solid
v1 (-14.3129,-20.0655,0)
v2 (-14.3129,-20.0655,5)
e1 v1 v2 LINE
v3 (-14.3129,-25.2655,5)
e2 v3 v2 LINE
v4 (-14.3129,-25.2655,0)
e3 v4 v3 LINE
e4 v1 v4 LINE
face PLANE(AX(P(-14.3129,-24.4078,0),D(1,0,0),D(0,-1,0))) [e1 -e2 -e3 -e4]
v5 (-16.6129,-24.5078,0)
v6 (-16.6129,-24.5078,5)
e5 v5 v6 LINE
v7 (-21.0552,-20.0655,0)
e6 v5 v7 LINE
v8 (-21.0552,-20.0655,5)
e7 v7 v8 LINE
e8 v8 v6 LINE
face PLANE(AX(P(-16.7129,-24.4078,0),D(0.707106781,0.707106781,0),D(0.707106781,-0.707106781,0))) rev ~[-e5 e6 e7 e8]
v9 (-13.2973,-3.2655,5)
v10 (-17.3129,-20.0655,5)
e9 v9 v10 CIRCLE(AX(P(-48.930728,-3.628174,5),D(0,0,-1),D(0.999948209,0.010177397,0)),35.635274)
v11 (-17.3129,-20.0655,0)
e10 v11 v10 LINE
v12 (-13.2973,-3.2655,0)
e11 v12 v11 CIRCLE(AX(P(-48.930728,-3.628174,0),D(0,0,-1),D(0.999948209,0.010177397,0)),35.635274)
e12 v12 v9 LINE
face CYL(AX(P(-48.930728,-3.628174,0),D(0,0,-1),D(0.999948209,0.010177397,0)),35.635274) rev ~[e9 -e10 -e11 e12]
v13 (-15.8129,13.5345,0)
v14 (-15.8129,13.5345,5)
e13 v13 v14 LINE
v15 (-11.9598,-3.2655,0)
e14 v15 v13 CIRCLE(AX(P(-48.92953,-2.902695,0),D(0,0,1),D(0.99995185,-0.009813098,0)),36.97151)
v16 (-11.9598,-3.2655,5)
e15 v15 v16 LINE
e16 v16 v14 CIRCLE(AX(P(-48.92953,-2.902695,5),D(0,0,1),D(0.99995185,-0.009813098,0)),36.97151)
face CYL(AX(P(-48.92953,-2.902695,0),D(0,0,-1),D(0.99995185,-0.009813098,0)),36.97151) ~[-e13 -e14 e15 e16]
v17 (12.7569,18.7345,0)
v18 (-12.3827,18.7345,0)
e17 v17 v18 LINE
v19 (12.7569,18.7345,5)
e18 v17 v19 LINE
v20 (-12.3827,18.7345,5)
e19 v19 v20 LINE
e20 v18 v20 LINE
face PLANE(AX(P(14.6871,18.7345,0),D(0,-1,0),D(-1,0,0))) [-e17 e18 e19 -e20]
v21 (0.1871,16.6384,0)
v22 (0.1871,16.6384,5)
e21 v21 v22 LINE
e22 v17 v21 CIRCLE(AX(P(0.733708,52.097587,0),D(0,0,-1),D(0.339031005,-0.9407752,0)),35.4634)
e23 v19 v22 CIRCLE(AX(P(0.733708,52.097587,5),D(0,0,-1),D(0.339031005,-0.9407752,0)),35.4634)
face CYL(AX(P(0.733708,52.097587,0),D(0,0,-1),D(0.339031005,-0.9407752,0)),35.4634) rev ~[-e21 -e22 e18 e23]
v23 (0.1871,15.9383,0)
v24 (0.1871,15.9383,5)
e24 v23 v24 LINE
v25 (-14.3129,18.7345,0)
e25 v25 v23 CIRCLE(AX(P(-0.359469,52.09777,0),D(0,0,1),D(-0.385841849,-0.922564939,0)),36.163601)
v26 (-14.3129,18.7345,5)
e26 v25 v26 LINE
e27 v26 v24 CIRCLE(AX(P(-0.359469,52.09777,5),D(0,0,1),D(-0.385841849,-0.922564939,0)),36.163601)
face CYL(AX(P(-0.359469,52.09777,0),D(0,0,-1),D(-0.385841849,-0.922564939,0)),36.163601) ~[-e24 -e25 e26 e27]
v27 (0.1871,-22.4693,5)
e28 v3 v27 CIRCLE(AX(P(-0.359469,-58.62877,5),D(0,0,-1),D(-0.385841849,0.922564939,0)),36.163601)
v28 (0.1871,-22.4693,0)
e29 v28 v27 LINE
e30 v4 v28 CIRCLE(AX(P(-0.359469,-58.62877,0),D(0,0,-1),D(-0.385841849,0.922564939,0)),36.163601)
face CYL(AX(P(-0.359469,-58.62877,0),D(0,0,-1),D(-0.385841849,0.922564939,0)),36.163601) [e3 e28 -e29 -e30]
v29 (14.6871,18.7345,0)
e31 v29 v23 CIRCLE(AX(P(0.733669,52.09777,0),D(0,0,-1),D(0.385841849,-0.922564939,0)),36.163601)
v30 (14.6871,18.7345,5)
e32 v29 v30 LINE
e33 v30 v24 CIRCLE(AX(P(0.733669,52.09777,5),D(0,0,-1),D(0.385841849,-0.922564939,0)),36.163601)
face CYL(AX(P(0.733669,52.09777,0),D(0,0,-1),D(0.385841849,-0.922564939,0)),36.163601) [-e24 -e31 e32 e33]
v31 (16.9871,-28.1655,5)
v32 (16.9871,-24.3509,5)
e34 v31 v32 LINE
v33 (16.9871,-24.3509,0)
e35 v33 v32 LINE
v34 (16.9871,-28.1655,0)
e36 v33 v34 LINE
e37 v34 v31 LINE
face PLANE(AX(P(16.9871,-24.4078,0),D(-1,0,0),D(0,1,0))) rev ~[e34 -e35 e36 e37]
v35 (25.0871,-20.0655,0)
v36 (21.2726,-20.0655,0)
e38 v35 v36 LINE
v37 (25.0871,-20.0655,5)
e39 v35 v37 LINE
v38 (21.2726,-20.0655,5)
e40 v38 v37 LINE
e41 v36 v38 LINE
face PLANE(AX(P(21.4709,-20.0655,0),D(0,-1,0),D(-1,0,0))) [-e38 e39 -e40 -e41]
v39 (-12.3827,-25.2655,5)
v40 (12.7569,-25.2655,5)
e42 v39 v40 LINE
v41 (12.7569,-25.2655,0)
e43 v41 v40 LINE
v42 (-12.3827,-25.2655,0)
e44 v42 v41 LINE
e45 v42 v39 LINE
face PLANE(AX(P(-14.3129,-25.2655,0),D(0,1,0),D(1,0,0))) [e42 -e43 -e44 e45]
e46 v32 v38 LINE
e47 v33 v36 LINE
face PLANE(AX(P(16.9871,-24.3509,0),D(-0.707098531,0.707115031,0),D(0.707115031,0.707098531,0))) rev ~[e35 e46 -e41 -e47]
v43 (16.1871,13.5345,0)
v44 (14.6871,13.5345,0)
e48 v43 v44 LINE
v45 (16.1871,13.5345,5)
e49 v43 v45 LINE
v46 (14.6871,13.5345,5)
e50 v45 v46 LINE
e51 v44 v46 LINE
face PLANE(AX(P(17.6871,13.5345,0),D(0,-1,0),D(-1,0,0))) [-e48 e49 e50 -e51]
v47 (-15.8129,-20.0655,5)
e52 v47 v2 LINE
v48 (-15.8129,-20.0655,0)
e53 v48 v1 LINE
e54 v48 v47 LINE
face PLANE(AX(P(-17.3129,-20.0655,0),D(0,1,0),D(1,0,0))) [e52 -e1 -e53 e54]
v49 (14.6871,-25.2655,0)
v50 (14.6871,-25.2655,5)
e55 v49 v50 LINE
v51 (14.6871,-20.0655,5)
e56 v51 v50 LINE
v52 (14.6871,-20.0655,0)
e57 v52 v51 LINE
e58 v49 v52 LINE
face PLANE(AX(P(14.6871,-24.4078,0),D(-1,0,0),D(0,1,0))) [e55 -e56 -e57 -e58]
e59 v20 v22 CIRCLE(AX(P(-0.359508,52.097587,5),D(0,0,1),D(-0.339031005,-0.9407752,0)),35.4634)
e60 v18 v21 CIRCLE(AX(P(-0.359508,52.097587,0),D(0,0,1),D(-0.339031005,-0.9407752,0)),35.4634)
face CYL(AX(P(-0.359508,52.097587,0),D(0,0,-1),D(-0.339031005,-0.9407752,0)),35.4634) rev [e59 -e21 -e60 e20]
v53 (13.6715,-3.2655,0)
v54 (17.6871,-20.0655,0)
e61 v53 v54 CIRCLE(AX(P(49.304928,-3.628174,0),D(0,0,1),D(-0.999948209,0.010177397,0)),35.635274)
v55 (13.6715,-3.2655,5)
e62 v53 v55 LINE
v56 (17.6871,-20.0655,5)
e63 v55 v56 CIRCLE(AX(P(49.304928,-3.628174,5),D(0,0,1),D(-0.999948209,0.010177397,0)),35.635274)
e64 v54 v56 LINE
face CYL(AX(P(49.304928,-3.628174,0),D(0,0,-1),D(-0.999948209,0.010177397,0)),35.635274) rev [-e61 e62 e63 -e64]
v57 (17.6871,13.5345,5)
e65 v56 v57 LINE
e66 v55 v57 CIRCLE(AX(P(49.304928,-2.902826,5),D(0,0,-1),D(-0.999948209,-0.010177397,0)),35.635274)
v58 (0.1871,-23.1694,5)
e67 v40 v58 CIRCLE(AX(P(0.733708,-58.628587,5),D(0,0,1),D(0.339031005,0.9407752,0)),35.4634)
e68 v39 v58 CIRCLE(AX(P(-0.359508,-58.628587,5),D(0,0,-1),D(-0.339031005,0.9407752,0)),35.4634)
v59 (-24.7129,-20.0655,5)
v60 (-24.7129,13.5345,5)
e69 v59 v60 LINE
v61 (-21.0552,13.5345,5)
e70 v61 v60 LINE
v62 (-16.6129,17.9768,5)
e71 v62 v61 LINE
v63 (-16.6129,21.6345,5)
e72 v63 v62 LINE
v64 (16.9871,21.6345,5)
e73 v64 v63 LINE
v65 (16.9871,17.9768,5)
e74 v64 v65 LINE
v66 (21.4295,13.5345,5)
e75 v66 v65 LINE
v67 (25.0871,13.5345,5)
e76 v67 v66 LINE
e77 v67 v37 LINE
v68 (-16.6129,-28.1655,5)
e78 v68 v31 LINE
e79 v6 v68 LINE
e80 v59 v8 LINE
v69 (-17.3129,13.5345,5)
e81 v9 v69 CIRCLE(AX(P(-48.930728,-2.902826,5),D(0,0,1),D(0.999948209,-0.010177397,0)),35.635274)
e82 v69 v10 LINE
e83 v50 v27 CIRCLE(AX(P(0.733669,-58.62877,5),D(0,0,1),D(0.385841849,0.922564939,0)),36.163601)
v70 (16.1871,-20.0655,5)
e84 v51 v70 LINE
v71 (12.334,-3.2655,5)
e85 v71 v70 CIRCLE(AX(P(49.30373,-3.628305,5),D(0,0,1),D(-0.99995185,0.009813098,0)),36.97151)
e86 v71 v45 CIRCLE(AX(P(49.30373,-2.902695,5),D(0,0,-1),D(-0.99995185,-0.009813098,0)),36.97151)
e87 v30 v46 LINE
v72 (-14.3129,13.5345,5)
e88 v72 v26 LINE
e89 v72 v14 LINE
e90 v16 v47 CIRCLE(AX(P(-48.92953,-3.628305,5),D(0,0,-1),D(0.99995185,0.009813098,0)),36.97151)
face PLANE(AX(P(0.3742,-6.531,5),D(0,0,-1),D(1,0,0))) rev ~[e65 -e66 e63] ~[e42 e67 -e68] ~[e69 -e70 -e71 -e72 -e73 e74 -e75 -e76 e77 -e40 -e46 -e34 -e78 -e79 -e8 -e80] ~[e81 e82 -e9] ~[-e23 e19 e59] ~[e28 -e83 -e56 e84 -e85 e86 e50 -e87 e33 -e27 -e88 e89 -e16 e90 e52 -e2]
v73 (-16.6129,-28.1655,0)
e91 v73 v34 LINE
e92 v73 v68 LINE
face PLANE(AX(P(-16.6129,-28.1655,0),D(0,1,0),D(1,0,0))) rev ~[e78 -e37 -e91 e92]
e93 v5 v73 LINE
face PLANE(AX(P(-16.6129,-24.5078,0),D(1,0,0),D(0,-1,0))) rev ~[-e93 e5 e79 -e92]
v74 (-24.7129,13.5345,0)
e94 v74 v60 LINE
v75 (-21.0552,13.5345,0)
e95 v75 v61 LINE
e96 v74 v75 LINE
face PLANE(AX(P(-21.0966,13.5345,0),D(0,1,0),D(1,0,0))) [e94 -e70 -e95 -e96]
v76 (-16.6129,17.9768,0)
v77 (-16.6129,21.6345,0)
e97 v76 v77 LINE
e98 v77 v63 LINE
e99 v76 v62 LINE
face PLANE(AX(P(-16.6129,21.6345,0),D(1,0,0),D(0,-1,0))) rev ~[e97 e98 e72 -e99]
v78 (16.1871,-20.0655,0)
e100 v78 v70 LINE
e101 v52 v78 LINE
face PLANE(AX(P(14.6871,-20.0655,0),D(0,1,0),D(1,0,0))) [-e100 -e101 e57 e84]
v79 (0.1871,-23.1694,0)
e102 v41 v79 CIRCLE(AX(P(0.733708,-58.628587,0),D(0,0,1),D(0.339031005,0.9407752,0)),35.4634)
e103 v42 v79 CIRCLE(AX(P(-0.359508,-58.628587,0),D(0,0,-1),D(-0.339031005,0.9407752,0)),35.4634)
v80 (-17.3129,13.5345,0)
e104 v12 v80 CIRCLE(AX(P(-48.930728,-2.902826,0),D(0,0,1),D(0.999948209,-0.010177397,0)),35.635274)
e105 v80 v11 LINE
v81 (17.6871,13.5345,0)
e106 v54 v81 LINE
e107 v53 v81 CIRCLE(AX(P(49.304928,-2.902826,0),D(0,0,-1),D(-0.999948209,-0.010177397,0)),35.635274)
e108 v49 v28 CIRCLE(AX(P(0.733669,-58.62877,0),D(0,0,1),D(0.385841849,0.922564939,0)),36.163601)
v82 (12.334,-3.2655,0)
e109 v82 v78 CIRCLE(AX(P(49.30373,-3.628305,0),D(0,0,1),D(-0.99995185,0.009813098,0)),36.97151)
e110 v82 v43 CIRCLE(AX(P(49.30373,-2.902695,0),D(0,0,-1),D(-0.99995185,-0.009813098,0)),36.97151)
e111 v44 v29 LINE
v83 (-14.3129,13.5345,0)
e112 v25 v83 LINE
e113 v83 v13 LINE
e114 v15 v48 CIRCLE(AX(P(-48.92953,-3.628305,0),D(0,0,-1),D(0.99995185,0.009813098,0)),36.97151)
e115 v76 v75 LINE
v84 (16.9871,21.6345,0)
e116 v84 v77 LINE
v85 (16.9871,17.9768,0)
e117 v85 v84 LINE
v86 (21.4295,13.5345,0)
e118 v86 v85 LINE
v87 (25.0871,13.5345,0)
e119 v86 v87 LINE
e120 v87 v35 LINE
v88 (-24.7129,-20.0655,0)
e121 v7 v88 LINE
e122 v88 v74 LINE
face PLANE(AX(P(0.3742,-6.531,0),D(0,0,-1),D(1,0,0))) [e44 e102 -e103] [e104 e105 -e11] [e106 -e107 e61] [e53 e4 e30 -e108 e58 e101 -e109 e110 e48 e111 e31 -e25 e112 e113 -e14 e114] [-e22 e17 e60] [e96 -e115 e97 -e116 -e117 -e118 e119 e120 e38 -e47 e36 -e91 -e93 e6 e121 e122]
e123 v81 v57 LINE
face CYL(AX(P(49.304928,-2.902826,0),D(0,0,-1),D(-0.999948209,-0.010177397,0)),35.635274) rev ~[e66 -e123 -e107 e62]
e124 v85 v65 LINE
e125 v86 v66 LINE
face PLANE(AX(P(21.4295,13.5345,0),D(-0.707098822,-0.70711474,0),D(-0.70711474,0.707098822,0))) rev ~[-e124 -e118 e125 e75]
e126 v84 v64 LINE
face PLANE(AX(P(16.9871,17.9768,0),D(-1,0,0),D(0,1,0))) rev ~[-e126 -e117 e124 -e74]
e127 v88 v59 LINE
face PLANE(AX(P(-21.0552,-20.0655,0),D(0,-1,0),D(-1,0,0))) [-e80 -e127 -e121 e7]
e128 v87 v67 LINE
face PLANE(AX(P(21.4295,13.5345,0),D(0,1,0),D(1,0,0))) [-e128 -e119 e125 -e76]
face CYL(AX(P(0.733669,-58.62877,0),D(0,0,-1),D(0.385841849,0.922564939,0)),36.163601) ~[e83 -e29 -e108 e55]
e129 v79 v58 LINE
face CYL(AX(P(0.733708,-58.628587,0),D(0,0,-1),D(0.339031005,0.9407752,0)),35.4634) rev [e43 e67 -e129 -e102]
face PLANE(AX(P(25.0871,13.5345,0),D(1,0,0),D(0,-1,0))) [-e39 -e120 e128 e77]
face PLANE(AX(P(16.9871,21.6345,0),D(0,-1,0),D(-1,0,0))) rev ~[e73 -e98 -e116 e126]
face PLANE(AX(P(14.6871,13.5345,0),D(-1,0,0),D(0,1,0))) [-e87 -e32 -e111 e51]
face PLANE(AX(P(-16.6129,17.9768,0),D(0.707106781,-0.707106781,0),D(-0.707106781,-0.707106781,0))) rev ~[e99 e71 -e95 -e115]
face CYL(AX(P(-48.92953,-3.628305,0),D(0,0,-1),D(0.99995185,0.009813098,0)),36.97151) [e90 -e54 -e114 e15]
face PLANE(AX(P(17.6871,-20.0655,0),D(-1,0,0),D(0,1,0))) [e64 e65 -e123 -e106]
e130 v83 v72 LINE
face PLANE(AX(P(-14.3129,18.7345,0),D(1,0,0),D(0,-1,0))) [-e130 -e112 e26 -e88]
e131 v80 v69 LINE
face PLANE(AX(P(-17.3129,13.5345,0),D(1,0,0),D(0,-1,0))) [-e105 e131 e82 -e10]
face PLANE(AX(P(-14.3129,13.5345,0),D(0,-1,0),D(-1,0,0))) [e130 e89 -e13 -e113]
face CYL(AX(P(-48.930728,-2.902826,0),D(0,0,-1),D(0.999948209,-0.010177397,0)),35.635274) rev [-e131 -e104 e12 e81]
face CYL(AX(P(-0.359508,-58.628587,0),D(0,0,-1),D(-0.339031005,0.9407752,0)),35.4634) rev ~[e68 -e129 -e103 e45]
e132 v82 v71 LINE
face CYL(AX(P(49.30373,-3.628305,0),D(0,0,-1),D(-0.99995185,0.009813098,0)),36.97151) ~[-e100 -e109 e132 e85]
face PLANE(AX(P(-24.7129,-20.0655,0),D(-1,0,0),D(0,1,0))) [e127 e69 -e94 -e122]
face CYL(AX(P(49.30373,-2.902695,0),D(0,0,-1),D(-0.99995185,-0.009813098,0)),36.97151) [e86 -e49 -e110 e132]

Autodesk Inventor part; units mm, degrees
ref_plane "YZ Plane" through (0, 0, 0) normal (1, 0, 0) x (0, 1, 0)
ref_plane "XZ Plane" through (0, 0, 0) normal (0, 1, 0) x (-1, 0, 0)
ref_plane "XY Plane" through (0, 0, 0) normal (0, 0, 1) x (1, 0, 0)
sketch "Sketch1" plane through (0, 0, 0) normal (0, 0, 1) x (1, 0, 0)
  line L0 (21.5871, 13.6345) -> (17.0871, 18.1345) projected
  line L1 (17.0871, 18.1345) -> (-16.7129, 18.1345) projected
  line L2 (-16.7129, 18.1345) -> (-21.2129, 13.6345) projected
  line L3 (-21.0966, 13.6345) -> (-21.0966, -20.1655) projected
  line L4 (21.4709, -20.1655) -> (21.4709, 13.6345) projected
  line L5 (21.4709, -20.1655) -> (17.0871, -24.4078) projected
  line L6 (-16.7129, -24.4078) -> (17.0871, -24.4078) projected
  line L7 (-16.7129, -24.4078) -> (-21.0966, -20.1655) projected
  line L8 (-24.7129, -28.1655) -> (-24.7129, 13.6345) construction
  line L9 (25.0871, -28.1655) -> (-24.7129, -28.1655) construction
  line L10 (25.0871, -28.1655) -> (25.0871, 13.6345) construction
  line L11 (17.0871, 21.6345) -> (-16.7129, 21.6345) construction
  line L12 (-21.0552, -20.0655) -> (-16.6129, -24.5078)
  line L13 (-16.6129, -24.5078) -> (-16.6129, -28.1655)
  line L14 (-16.6129, -28.1655) -> (17.0871, -28.1655)
  line L15 (25.0871, -20.0655) -> (21.4295, -20.0655)
  line L16 (25.0871, 13.5345) -> (25.0871, -20.0655)
  line L17 (21.4295, 13.5345) -> (25.0871, 13.5345)
  line L18 (21.4295, 13.5345) -> (16.9871, 17.9768)
  line L19 (16.9871, 17.9768) -> (16.9871, 21.6345)
  line L20 (16.9871, 21.6345) -> (-16.6129, 21.6345)
  line L21 (-16.6129, 21.6345) -> (-16.6129, 17.9768)
  line L22 (-16.6129, 17.9768) -> (-21.0552, 13.5345)
  line L23 (-24.7129, 13.5345) -> (-21.0552, 13.5345)
  line L24 (-24.7129, -20.0655) -> (-24.7129, 13.5345)
  line L25 (-21.0552, -20.0655) -> (-24.7129, -20.0655)
  line L26 (-12.3129, -23.2655) -> (12.6871, -23.2655) projected
  line L27 (12.6871, -23.2655) -> (12.6871, 16.7345) projected
  line L28 (-12.3129, 16.7345) -> (12.6871, 16.7345) projected
  line L29 (-12.3129, -23.2655) -> (-12.3129, 16.7345) projected
  line L30 (14.6871, -25.2655) -> (-14.3129, -25.2655) construction
  line L31 (-14.3129, -25.2655) -> (-14.3129, 18.7345) construction
  line L32 (-14.3129, 18.7345) -> (14.6871, 18.7345) construction
  line L33 (14.6871, 18.7345) -> (14.6871, -25.2655) construction
  line L34 (-17.3129, 21.7345) -> (17.6871, 21.7345) construction
  line L35 (17.6871, 21.7345) -> (17.6871, -28.2655) construction
  line L36 (17.6871, -28.2655) -> (-17.3129, -28.2655) construction
  line L37 (-17.3129, -28.2655) -> (-17.3129, 21.7345) construction
  line L38 (-14.3129, -23.2655) -> (-14.3129, -25.2655)
  line L39 (-14.3129, -25.2655) -> (14.6871, -25.2655)
  line L40 (14.6871, -25.2655) -> (14.6871, -20.0655)
  line L41 (14.6871, -20.0655) -> (17.6871, -20.0655)
  line L42 (17.6871, -20.0655) -> (17.6871, 13.5345)
  line L43 (17.6871, 13.5345) -> (14.6871, 13.5345)
  line L44 (14.6871, 13.5345) -> (14.6871, 18.7345)
  line L45 (14.6871, 18.7345) -> (-14.3129, 18.7345)
  line L46 (-14.3129, 18.7345) -> (-14.3129, 13.5345)
  line L47 (-14.3129, 13.5345) -> (-17.3129, 13.5345)
  line L48 (-17.3129, 13.5345) -> (-17.3129, -20.0655)
  line L49 (-17.3129, -20.0655) -> (-14.3129, -20.0655)
  line L50 (-14.3129, -20.0655) -> (-14.3129, -23.2655)
  line L51 (-16.6129, -28.1655) -> (17.0871, -28.1655)
  line L52 (16.9871, -28.1655) -> (16.9871, -24.3509)
  line L53 (16.9871, -24.3509) -> (21.2726, -20.0655)
  line L54 (21.2726, -20.0655) -> (21.4295, -20.0655)
  point P0 (14.2, -44.8454)
  point P1 (16.9871, 19.8057)
  dimension "d74" = 2
  dimension "d75" = 5
  dimension "d76" = 135
extrude "Extrusion1" add sketch "Sketch1" along normal blind 5 contours L19 L18 L17 L4 L15 L54 L53 L52 L6 L40 L41 L42 L43 L44 L1 | L1 L44 L45 L46 L21 L20 L19 | L46 L47 L48 L49 L50 L38 L6 L12 L25 L3 L23 L22 L21 L1 | L17 L16 L15 L4 | L3 L25 L24 L23 | L6 L52 L14 L13 L12 L38 L39 L40
sketch "Sketch5" plane through (0, 0, 0) normal (0, 0, -1) x (-1, 0, 0)
  line L0 (12.3129, -23.2655) -> (-12.6871, -23.2655) construction
  line L1 (-12.6871, -23.2655) -> (-12.6871, 16.7345) construction
  line L2 (12.3129, 16.7345) -> (-12.6871, 16.7345) construction
  line L3 (12.3129, -23.2655) -> (12.3129, 16.7345) construction
  line L4 (-14.6871, -25.2655) -> (14.3129, -25.2655) construction
  arc A0 (14.3129, -25.2655) -> (-0.1871, -22.4693) centre (0.3594, -58.629) ccw
  arc A1 (12.3827, -25.2655) -> (-0.1871, -23.1694) centre (0.3594, -58.629) ccw
  line L5 (-0.1871, -22.4693) -> (-0.1871, -23.1694)
  line L6 (14.3129, -20.0655) -> (14.3129, -25.2655) projected
  line L7 (14.3129, -25.2655) -> (12.3827, -25.2655)
  point P0 (0, 0)
  dimension "d79" = 0.7
extrude "Extrusion4" add sketch "Sketch5" against normal up to surface (5 mm away)
mirror "Mirror1" about plane through (0.1871, -23.1694, 0) normal (1, 0, 0) of "Extrusion4"
ref_plane "Work Plane1" through (0.1871, -20.0655, 0) normal (-1, 0, 0) x (0, 0, 1)
ref_plane "Work Plane2" through (-16.6129, -3.2655, 0) normal (0, -1, 0) x (1, 0, 0)
mirror "Mirror2" about plane through (-16.6129, -3.2655, 0) normal (0, -1, 0) of "Extrusion4", "Mirror1"
sketch "Sketch6" plane through (0, 0, 0) normal (0, 0, -1) x (-1, 0, 0)
  spline S0 degree 3 poles (1.425, -3.2655) (1.425, -3.4679) (1.3845, -3.6839) (1.22, -4.081) (1.0959, -4.2623) (0.8097, -4.5486) (0.6284, -4.6726) (0.2312, -4.8371) (0.0153, -4.8776) (-0.3896, -4.8776) (-0.6055, -4.8371) (-1.0027, -4.6726) (-1.1839, -4.5486) (-1.4702, -4.2623) (-1.5943, -4.081) (-1.7588, -3.6839) (-1.7992, -3.4679) (-1.7992, -3.0631) (-1.7588, -2.8471) (-1.5943, -2.45) (-1.4702, -2.2687) (-1.1839, -1.9824) (-1.0027, -1.8584) (-0.6055, -1.6939) (-0.3896, -1.6534) (0.0153, -1.6534) (0.2312, -1.6939) (0.6284, -1.8584) (0.8097, -1.9824) (1.0959, -2.2687) (1.22, -2.45) (1.3845, -2.8471) (1.425, -3.0631) (1.425, -3.2655) knots 0 0 0 0 0.060733 0.060733 0.121465 0.121465 0.182198 0.182198 0.24293 0.24293 0.303663 0.303663 0.364395 0.364395 0.425128 0.425128 0.48586 0.48586 0.546593 0.546593 0.607326 0.607326 0.668058 0.668058 0.728791 0.728791 0.789523 0.789523 0.850256 0.850256 0.910988 0.910988 0.971721 0.971721 0.971721 0.971721 projected
  line L0 (17.3129, 13.5345) -> (17.3129, -20.0655) projected
  arc A0 (13.2973, -3.2655) -> (17.3129, -20.0655) centre (48.9305, -3.6282) ccw
  line L1 (17.3129, -20.0655) -> (14.3129, -20.0655) projected
  arc A1 (11.9598, -3.2655) -> (15.8129, -20.0655) centre (48.9305, -3.6282) ccw
  line L2 (11.9598, -3.2655) -> (13.2973, -3.2655)
  line L3 (15.8129, -20.0655) -> (17.3129, -20.0655)
  point P0 (0, 0)
  point P1 (1.425, -3.2655)
extrude "Extrusion5" add sketch "Sketch6" against normal up to surface (5 mm away) contours A0 L1 A1 L2
mirror "Mirror3" about plane through (-11.9598, -3.2655, 0) normal (0, 1, 0) of "Extrusion5"
mirror "Mirror4" about plane through (0.1871, -20.0655, 0) normal (-1, 0, 0) of "Extrusion5", "Mirror3"
properties part number "20_Cube_Insert_Lens_Cylindrical"
